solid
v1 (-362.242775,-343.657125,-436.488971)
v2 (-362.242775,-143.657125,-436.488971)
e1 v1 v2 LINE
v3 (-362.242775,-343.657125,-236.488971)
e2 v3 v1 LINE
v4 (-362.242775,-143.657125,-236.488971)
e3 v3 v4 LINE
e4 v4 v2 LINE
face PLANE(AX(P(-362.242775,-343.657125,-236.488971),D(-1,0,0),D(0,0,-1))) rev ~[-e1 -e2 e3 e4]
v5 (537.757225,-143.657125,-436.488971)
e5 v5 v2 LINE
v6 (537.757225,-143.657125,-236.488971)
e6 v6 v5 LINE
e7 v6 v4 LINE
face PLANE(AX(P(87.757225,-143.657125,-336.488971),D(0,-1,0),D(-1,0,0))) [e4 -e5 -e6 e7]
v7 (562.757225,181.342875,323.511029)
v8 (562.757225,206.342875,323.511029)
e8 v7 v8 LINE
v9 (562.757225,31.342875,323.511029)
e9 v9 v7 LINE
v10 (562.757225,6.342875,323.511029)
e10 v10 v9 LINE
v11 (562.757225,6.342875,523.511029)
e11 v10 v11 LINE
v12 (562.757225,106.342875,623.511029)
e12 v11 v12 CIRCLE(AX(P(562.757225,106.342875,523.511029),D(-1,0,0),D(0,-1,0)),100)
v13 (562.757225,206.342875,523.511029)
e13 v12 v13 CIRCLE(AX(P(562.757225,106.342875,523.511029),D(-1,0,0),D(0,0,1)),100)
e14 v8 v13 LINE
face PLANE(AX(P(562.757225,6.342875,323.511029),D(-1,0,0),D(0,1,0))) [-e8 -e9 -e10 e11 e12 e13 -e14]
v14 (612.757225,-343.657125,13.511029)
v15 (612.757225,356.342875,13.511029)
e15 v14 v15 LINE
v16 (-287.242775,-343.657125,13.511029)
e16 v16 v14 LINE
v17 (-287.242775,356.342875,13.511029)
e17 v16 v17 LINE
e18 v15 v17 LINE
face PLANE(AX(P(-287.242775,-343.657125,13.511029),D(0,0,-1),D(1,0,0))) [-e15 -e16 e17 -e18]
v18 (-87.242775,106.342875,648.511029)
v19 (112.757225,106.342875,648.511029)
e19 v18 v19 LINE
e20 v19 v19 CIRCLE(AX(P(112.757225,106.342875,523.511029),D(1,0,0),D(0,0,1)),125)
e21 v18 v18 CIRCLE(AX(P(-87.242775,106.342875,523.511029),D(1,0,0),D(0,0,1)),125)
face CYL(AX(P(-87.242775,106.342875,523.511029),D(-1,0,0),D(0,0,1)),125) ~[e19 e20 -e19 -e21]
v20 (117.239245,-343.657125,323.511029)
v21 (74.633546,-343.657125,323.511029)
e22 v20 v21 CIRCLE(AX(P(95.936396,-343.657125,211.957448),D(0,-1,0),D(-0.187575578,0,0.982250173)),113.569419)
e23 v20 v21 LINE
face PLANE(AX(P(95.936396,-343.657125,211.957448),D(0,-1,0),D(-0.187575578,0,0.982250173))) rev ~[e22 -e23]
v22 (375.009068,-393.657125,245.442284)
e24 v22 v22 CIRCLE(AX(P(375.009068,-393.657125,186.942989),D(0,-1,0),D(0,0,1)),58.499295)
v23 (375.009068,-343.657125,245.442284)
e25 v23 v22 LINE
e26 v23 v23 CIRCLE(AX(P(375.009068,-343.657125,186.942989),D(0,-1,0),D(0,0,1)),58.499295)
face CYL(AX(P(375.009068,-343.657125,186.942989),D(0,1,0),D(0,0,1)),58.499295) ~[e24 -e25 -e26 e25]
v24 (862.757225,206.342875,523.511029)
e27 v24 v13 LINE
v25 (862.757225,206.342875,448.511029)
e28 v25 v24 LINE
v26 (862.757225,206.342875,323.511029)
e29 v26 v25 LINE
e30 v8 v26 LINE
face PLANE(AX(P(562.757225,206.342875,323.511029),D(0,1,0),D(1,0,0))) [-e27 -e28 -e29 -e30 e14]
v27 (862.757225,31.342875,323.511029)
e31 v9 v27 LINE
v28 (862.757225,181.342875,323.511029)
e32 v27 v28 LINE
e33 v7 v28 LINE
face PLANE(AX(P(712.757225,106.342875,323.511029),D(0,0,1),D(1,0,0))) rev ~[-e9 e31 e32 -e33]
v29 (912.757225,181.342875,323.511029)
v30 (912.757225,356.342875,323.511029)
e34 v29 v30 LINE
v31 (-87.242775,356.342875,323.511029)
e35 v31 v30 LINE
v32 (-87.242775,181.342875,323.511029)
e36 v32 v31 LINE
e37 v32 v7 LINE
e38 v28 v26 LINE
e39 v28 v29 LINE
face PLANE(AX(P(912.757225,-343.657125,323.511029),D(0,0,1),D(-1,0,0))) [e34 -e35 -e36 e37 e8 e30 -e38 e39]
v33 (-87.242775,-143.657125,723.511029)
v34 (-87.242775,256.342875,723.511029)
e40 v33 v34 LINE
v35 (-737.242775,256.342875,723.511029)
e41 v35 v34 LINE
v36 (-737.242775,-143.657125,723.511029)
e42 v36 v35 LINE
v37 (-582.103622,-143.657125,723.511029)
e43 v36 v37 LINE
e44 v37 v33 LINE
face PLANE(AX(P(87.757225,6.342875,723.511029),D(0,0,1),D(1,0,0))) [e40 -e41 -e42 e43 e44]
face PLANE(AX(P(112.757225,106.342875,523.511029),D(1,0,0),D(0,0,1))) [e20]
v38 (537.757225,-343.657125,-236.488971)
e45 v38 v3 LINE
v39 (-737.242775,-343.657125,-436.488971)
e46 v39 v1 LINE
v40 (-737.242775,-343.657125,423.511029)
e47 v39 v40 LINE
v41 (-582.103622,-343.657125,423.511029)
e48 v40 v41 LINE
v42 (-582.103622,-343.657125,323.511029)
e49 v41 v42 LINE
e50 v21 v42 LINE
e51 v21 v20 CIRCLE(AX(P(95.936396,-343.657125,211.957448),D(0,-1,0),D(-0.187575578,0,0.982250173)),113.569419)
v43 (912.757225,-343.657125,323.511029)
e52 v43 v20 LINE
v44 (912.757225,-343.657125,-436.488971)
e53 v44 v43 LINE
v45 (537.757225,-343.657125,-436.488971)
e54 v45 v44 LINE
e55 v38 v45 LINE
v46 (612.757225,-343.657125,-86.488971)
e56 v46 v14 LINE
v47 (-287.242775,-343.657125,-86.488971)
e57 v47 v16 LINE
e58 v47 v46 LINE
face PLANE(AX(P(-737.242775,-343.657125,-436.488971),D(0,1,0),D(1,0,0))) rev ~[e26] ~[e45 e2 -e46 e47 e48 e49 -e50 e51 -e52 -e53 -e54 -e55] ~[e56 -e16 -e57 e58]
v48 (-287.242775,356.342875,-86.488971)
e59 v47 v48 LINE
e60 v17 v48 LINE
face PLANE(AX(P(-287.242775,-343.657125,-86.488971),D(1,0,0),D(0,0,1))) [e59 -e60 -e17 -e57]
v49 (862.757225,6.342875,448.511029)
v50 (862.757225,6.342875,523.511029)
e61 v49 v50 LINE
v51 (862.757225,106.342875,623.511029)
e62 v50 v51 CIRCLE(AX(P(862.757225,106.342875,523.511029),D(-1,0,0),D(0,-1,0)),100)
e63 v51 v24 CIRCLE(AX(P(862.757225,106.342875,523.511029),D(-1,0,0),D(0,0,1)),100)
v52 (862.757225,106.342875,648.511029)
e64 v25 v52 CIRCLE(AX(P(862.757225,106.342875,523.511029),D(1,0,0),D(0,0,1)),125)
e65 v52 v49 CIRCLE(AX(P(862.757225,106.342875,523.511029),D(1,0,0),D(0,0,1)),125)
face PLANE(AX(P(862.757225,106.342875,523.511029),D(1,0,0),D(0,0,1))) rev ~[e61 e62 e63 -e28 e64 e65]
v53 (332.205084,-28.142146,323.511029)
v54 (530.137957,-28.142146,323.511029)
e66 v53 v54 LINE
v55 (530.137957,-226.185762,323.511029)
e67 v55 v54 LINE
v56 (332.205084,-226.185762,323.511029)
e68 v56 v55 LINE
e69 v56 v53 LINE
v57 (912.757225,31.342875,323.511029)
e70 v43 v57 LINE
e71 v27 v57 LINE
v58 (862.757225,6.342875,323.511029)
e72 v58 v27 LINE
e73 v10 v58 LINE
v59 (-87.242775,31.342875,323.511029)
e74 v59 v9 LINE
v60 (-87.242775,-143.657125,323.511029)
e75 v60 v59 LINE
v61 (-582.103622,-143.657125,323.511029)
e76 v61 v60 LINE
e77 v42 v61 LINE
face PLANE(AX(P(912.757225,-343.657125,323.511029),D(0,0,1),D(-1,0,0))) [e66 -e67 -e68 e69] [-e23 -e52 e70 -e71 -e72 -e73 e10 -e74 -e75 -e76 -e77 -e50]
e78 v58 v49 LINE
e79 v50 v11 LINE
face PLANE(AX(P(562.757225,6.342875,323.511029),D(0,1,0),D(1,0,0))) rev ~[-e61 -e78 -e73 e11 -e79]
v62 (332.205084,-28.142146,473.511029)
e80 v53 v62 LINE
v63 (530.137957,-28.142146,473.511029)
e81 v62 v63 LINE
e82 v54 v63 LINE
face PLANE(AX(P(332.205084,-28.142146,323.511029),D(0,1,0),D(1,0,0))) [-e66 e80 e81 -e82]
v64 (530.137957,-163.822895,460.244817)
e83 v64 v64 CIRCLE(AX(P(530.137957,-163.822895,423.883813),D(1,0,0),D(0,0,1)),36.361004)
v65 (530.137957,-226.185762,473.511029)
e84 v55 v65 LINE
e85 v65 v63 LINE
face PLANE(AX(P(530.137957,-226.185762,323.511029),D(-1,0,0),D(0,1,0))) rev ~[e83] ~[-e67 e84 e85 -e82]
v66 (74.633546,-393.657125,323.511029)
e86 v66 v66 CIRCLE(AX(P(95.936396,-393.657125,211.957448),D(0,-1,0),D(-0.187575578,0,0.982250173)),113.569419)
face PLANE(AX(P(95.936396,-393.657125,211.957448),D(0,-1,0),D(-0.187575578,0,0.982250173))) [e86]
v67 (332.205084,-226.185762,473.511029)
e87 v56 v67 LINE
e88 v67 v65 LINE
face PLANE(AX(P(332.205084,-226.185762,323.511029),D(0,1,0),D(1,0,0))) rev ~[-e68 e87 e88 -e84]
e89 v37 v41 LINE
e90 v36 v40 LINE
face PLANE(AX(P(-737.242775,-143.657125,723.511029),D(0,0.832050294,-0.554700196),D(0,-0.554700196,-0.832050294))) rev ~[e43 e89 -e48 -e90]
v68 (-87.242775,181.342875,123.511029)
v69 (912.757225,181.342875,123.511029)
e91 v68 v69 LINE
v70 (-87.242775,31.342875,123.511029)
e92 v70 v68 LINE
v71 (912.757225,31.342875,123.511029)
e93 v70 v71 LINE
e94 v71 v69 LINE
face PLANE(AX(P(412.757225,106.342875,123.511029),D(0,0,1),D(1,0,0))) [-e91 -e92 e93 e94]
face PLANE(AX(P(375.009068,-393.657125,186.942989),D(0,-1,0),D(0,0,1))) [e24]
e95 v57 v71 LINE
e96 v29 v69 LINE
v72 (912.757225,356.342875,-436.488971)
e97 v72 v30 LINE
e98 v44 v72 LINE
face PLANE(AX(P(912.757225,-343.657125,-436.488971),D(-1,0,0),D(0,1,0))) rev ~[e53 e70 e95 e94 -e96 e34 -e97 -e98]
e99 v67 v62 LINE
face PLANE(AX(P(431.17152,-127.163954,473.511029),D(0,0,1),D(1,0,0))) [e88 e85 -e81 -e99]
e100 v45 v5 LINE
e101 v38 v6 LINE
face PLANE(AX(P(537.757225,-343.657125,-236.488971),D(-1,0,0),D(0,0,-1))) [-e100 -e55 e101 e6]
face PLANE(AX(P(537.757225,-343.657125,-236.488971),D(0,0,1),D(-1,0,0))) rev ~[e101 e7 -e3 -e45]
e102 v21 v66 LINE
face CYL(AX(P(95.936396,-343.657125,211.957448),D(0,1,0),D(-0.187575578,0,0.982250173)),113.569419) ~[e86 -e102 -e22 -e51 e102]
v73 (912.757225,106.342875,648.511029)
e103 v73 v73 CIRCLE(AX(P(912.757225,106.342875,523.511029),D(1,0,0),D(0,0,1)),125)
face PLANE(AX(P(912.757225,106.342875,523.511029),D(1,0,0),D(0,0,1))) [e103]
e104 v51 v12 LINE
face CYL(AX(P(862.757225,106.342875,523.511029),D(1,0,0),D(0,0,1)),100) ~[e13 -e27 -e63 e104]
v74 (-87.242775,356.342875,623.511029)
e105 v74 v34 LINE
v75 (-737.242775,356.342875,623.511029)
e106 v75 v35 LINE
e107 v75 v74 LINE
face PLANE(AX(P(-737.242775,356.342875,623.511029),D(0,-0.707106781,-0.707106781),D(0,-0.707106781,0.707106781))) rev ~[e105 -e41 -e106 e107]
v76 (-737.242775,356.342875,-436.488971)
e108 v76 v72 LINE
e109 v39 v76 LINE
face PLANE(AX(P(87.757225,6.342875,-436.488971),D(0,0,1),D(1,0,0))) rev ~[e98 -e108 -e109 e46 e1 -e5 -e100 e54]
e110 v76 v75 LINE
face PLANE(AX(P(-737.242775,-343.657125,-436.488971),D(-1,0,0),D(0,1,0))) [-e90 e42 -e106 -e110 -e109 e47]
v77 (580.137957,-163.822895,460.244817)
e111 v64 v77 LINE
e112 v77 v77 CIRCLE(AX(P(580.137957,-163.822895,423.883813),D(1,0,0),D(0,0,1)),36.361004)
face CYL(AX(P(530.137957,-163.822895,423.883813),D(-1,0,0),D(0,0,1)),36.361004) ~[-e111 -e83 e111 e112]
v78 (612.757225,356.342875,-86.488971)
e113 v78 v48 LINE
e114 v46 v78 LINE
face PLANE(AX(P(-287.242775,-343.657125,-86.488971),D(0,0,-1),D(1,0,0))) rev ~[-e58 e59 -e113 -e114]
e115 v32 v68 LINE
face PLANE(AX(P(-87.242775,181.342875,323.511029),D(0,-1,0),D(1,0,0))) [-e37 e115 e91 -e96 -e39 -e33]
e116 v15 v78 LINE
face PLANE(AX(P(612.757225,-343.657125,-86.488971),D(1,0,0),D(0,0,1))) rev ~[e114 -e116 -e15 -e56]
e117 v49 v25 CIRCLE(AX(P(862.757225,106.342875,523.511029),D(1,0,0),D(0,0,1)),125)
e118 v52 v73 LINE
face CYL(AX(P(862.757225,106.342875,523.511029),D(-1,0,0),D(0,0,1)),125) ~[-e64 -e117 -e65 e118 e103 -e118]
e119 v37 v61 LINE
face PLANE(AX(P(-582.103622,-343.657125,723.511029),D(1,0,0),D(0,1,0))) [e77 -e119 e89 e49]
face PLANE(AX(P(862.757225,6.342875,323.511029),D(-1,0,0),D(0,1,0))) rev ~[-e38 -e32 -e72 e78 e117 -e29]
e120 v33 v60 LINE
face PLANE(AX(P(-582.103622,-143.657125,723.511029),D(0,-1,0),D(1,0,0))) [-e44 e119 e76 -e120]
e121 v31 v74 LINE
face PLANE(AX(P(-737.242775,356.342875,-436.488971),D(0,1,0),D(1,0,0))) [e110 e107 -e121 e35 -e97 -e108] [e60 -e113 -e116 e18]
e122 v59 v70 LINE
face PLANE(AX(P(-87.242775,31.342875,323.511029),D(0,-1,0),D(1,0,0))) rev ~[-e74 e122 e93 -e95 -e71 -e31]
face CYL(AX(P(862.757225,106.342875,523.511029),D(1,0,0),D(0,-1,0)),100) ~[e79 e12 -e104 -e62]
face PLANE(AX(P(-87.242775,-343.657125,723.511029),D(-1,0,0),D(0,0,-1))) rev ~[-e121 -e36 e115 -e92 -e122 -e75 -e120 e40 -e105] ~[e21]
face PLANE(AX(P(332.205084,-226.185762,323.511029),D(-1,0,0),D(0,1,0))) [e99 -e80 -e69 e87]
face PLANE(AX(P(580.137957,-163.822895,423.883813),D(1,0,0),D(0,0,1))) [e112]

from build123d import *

# Parameters (mm, degrees)
SKETCH_1_W          = 165
SKETCH_1_H          = 70
EXTRUDE_1_DEPTH     = 116
SKETCH_2_W          = 100
SKETCH_2_H          = 40
CUT_EXTRUDE_1_DEPTH = 170.680327977
CUT_EXTRUDE_2_DEPTH = 70
SKETCH_4_W          = 49.486084661
SKETCH_4_H          = 20
CUT_EXTRUDE_3_DEPTH = 40
SKETCH_5_W          = 90
SKETCH_5_H          = 20
CUT_EXTRUDE_4_DEPTH = 20
SKETCH_6_R          = 12.5
EXTRUDE_2_DEPTH     = 20
SKETCH_7_W          = 100
SKETCH_7_H          = 15
CUT_EXTRUDE_5_DEPTH = 20
SKETCH_8_W          = 30
SKETCH_8_H          = 20
EXTRUDE_3_DEPTH     = 30
CUT_EXTRUDE_6_DEPTH = 30
SKETCH_10_R         = 12.5
EXTRUDE_5_DEPTH     = 5
SKETCH_11_W         = 90
SKETCH_11_H         = 10
CUT_EXTRUDE_7_DEPTH = 170.680327977
SKETCH_12_W         = 19.793287236
SKETCH_12_H         = 19.804361638
EXTRUDE_6_DEPTH     = 15
SKETCH_13_R         = 11.356941905
SKETCH_13_R_2       = 5.84992953
EXTRUDE_7_DEPTH     = 5
SKETCH_14_R         = 3.636100405
EXTRUDE_8_DEPTH     = 5
SCALE_1_SCALE       = 10


with BuildPart() as part:
    # ｽｹｯﾁ1 → ﾎﾞｽ - 押し出し1 (new body)
    with BuildSketch(Plane.XY):
        with Locations((19.653872675, 23.252863688)):
            Rectangle(SKETCH_1_W, SKETCH_1_H)
    extrude(amount=EXTRUDE_1_DEPTH)

    # ｽｹｯﾁ2 → ｶｯﾄ - 押し出し1 (cut, through all)
    with BuildSketch(Plane(origin=(0, -11.747136312, 0), x_dir=(-1, 0, 0), z_dir=(0, -1, 0))):
        with Locations((-52.153872675, -96)):
            Rectangle(SKETCH_2_W, SKETCH_2_H)
    extrude(amount=-CUT_EXTRUDE_1_DEPTH, mode=Mode.SUBTRACT)

    # ｽｹｯﾁ3 → ｶｯﾄ - 押し出し2 (cut)
    with BuildSketch(Plane.ZY.offset(62.846127325)):
        Polygon((116, -11.747136312), (116, 8.252863688), (86, -11.747136312), align=None)
        Polygon((116, 58.252863688), (106, 58.252863688), (116, 48.252863688), align=None)
    extrude(amount=-CUT_EXTRUDE_2_DEPTH, mode=Mode.SUBTRACT)

    # ｽｹｯﾁ4 → ｶｯﾄ - 押し出し3 (cut)
    with BuildSketch(Plane.XY.offset(116)):
        with Locations((-22.589169656, -1.747136312)):
            Rectangle(SKETCH_4_W, SKETCH_4_H)
    extrude(amount=-CUT_EXTRUDE_3_DEPTH, mode=Mode.SUBTRACT)

    # ｽｹｯﾁ5 → ｶｯﾄ - 押し出し4 (cut)
    with BuildSketch(Plane(origin=(0, -11.747136312, 0), x_dir=(-1, 0, 0), z_dir=(0, -1, 0))):
        with Locations((-19.653872675, -10)):
            Rectangle(SKETCH_5_W, SKETCH_5_H)
    extrude(amount=-CUT_EXTRUDE_4_DEPTH, mode=Mode.SUBTRACT)

    # ｽｹｯﾁ6 → ﾎﾞｽ - 押し出し2 (add)
    with BuildSketch(Plane(origin=(2.153872675, 0, 0), x_dir=(0, 0, -1), z_dir=(1, 0, 0))):
        with Locations(Location((-96, 33.252863688, 0), (0, 0, 180))):
            Circle(SKETCH_6_R)
    extrude(amount=EXTRUDE_2_DEPTH)

    # ｽｹｯﾁ7 → ｶｯﾄ - 押し出し5 (cut)
    with BuildSketch(Plane.XY.offset(76)):
        with Locations((52.153872675, 33.252863688)):
            Rectangle(SKETCH_7_W, SKETCH_7_H)
    extrude(amount=-CUT_EXTRUDE_5_DEPTH, mode=Mode.SUBTRACT)

    # ｽｹｯﾁ8 → ﾎﾞｽ - 押し出し3 (add)
    with BuildSketch(Plane.XY.offset(76)):
        with Locations((82.153872675, 33.252863688)):
            Rectangle(SKETCH_8_W, SKETCH_8_H)
    extrude(amount=EXTRUDE_3_DEPTH)

    # ｽｹｯﾁ9 → ｶｯﾄ - 押し出し6 (cut)
    with BuildSketch(Plane(origin=(97.153872675, 0, 0), x_dir=(0, 0, -1), z_dir=(1, 0, 0))):
        with BuildLine():
            ThreePointArc((-106, 33.252863688), (-103.071067812, 40.3239315), (-96, 43.252863688))
            Line((-96, 43.252863688), (-106, 43.252863688))
            Line((-106, 43.252863688), (-106, 33.252863688))
        make_face()
        with BuildLine():
            ThreePointArc((-96, 23.252863688), (-103.071067812, 26.181795877), (-106, 33.252863688))
            Line((-106, 33.252863688), (-106, 23.252863688))
            Line((-106, 23.252863688), (-96, 23.252863688))
        make_face()
    extrude(amount=-CUT_EXTRUDE_6_DEPTH, mode=Mode.SUBTRACT)

    # ｽｹｯﾁ10 → ﾎﾞｽ - 押し出し5 (add)
    with BuildSketch(Plane(origin=(97.153872675, 0, 0), x_dir=(0, 0, -1), z_dir=(1, 0, 0))):
        with Locations(Location((-96, 33.252863688, 0), (0, 0, 180))):
            Circle(SKETCH_10_R)
    extrude(amount=EXTRUDE_5_DEPTH)

    # ｽｹｯﾁ11 → ｶｯﾄ - 押し出し7 (cut, through all)
    with BuildSketch(Plane.XZ.offset(11.747136312)):
        with Locations((27.153872675, 40)):
            Rectangle(SKETCH_11_W, SKETCH_11_H)
    extrude(amount=-CUT_EXTRUDE_7_DEPTH, mode=Mode.SUBTRACT)

    # ｽｹｯﾁ12 → ﾎﾞｽ - 押し出し6 (add)
    with BuildSketch(Plane.XY.offset(76)):
        with Locations((53.995302242, 9.902180819)):
            Rectangle(SKETCH_12_W, SKETCH_12_H)
    extrude(amount=EXTRUDE_6_DEPTH)

    # ｽｹｯﾁ13 → ﾎﾞｽ - 押し出し7 (add)
    with BuildSketch(Plane(origin=(0, -11.747136312, 0), x_dir=(-1, 0, 0), z_dir=(0, -1, 0))):
        with Locations(Location((-20.471789783, -64.844641849, 0), (0, 0, 280.811331396))):
            Circle(SKETCH_13_R)
        with Locations(Location((-48.379056958, -62.343196008, 0), (0, 0, 270))):
            Circle(SKETCH_13_R_2)
    extrude(amount=EXTRUDE_7_DEPTH)

    # ｽｹｯﾁ14 → ﾎﾞｽ - 押し出し8 (add)
    with BuildSketch(Plane(origin=(63.89194586, 0, 0), x_dir=(0, 0, -1), z_dir=(1, 0, 0))):
        with Locations(Location((-86.03727841, 6.236286701, 0), (0, 0, 180))):
            Circle(SKETCH_14_R)
    extrude(amount=EXTRUDE_8_DEPTH)


with BuildPart() as part_1:
    # ｽｹｰﾙ1: scaled about (12.08683356, 25.131751334, 48.498774543)
    add(part.part.scale(SCALE_1_SCALE).moved(Location((-108.78150204, -226.185762006, -436.488970887))))


solid = part_1.part
